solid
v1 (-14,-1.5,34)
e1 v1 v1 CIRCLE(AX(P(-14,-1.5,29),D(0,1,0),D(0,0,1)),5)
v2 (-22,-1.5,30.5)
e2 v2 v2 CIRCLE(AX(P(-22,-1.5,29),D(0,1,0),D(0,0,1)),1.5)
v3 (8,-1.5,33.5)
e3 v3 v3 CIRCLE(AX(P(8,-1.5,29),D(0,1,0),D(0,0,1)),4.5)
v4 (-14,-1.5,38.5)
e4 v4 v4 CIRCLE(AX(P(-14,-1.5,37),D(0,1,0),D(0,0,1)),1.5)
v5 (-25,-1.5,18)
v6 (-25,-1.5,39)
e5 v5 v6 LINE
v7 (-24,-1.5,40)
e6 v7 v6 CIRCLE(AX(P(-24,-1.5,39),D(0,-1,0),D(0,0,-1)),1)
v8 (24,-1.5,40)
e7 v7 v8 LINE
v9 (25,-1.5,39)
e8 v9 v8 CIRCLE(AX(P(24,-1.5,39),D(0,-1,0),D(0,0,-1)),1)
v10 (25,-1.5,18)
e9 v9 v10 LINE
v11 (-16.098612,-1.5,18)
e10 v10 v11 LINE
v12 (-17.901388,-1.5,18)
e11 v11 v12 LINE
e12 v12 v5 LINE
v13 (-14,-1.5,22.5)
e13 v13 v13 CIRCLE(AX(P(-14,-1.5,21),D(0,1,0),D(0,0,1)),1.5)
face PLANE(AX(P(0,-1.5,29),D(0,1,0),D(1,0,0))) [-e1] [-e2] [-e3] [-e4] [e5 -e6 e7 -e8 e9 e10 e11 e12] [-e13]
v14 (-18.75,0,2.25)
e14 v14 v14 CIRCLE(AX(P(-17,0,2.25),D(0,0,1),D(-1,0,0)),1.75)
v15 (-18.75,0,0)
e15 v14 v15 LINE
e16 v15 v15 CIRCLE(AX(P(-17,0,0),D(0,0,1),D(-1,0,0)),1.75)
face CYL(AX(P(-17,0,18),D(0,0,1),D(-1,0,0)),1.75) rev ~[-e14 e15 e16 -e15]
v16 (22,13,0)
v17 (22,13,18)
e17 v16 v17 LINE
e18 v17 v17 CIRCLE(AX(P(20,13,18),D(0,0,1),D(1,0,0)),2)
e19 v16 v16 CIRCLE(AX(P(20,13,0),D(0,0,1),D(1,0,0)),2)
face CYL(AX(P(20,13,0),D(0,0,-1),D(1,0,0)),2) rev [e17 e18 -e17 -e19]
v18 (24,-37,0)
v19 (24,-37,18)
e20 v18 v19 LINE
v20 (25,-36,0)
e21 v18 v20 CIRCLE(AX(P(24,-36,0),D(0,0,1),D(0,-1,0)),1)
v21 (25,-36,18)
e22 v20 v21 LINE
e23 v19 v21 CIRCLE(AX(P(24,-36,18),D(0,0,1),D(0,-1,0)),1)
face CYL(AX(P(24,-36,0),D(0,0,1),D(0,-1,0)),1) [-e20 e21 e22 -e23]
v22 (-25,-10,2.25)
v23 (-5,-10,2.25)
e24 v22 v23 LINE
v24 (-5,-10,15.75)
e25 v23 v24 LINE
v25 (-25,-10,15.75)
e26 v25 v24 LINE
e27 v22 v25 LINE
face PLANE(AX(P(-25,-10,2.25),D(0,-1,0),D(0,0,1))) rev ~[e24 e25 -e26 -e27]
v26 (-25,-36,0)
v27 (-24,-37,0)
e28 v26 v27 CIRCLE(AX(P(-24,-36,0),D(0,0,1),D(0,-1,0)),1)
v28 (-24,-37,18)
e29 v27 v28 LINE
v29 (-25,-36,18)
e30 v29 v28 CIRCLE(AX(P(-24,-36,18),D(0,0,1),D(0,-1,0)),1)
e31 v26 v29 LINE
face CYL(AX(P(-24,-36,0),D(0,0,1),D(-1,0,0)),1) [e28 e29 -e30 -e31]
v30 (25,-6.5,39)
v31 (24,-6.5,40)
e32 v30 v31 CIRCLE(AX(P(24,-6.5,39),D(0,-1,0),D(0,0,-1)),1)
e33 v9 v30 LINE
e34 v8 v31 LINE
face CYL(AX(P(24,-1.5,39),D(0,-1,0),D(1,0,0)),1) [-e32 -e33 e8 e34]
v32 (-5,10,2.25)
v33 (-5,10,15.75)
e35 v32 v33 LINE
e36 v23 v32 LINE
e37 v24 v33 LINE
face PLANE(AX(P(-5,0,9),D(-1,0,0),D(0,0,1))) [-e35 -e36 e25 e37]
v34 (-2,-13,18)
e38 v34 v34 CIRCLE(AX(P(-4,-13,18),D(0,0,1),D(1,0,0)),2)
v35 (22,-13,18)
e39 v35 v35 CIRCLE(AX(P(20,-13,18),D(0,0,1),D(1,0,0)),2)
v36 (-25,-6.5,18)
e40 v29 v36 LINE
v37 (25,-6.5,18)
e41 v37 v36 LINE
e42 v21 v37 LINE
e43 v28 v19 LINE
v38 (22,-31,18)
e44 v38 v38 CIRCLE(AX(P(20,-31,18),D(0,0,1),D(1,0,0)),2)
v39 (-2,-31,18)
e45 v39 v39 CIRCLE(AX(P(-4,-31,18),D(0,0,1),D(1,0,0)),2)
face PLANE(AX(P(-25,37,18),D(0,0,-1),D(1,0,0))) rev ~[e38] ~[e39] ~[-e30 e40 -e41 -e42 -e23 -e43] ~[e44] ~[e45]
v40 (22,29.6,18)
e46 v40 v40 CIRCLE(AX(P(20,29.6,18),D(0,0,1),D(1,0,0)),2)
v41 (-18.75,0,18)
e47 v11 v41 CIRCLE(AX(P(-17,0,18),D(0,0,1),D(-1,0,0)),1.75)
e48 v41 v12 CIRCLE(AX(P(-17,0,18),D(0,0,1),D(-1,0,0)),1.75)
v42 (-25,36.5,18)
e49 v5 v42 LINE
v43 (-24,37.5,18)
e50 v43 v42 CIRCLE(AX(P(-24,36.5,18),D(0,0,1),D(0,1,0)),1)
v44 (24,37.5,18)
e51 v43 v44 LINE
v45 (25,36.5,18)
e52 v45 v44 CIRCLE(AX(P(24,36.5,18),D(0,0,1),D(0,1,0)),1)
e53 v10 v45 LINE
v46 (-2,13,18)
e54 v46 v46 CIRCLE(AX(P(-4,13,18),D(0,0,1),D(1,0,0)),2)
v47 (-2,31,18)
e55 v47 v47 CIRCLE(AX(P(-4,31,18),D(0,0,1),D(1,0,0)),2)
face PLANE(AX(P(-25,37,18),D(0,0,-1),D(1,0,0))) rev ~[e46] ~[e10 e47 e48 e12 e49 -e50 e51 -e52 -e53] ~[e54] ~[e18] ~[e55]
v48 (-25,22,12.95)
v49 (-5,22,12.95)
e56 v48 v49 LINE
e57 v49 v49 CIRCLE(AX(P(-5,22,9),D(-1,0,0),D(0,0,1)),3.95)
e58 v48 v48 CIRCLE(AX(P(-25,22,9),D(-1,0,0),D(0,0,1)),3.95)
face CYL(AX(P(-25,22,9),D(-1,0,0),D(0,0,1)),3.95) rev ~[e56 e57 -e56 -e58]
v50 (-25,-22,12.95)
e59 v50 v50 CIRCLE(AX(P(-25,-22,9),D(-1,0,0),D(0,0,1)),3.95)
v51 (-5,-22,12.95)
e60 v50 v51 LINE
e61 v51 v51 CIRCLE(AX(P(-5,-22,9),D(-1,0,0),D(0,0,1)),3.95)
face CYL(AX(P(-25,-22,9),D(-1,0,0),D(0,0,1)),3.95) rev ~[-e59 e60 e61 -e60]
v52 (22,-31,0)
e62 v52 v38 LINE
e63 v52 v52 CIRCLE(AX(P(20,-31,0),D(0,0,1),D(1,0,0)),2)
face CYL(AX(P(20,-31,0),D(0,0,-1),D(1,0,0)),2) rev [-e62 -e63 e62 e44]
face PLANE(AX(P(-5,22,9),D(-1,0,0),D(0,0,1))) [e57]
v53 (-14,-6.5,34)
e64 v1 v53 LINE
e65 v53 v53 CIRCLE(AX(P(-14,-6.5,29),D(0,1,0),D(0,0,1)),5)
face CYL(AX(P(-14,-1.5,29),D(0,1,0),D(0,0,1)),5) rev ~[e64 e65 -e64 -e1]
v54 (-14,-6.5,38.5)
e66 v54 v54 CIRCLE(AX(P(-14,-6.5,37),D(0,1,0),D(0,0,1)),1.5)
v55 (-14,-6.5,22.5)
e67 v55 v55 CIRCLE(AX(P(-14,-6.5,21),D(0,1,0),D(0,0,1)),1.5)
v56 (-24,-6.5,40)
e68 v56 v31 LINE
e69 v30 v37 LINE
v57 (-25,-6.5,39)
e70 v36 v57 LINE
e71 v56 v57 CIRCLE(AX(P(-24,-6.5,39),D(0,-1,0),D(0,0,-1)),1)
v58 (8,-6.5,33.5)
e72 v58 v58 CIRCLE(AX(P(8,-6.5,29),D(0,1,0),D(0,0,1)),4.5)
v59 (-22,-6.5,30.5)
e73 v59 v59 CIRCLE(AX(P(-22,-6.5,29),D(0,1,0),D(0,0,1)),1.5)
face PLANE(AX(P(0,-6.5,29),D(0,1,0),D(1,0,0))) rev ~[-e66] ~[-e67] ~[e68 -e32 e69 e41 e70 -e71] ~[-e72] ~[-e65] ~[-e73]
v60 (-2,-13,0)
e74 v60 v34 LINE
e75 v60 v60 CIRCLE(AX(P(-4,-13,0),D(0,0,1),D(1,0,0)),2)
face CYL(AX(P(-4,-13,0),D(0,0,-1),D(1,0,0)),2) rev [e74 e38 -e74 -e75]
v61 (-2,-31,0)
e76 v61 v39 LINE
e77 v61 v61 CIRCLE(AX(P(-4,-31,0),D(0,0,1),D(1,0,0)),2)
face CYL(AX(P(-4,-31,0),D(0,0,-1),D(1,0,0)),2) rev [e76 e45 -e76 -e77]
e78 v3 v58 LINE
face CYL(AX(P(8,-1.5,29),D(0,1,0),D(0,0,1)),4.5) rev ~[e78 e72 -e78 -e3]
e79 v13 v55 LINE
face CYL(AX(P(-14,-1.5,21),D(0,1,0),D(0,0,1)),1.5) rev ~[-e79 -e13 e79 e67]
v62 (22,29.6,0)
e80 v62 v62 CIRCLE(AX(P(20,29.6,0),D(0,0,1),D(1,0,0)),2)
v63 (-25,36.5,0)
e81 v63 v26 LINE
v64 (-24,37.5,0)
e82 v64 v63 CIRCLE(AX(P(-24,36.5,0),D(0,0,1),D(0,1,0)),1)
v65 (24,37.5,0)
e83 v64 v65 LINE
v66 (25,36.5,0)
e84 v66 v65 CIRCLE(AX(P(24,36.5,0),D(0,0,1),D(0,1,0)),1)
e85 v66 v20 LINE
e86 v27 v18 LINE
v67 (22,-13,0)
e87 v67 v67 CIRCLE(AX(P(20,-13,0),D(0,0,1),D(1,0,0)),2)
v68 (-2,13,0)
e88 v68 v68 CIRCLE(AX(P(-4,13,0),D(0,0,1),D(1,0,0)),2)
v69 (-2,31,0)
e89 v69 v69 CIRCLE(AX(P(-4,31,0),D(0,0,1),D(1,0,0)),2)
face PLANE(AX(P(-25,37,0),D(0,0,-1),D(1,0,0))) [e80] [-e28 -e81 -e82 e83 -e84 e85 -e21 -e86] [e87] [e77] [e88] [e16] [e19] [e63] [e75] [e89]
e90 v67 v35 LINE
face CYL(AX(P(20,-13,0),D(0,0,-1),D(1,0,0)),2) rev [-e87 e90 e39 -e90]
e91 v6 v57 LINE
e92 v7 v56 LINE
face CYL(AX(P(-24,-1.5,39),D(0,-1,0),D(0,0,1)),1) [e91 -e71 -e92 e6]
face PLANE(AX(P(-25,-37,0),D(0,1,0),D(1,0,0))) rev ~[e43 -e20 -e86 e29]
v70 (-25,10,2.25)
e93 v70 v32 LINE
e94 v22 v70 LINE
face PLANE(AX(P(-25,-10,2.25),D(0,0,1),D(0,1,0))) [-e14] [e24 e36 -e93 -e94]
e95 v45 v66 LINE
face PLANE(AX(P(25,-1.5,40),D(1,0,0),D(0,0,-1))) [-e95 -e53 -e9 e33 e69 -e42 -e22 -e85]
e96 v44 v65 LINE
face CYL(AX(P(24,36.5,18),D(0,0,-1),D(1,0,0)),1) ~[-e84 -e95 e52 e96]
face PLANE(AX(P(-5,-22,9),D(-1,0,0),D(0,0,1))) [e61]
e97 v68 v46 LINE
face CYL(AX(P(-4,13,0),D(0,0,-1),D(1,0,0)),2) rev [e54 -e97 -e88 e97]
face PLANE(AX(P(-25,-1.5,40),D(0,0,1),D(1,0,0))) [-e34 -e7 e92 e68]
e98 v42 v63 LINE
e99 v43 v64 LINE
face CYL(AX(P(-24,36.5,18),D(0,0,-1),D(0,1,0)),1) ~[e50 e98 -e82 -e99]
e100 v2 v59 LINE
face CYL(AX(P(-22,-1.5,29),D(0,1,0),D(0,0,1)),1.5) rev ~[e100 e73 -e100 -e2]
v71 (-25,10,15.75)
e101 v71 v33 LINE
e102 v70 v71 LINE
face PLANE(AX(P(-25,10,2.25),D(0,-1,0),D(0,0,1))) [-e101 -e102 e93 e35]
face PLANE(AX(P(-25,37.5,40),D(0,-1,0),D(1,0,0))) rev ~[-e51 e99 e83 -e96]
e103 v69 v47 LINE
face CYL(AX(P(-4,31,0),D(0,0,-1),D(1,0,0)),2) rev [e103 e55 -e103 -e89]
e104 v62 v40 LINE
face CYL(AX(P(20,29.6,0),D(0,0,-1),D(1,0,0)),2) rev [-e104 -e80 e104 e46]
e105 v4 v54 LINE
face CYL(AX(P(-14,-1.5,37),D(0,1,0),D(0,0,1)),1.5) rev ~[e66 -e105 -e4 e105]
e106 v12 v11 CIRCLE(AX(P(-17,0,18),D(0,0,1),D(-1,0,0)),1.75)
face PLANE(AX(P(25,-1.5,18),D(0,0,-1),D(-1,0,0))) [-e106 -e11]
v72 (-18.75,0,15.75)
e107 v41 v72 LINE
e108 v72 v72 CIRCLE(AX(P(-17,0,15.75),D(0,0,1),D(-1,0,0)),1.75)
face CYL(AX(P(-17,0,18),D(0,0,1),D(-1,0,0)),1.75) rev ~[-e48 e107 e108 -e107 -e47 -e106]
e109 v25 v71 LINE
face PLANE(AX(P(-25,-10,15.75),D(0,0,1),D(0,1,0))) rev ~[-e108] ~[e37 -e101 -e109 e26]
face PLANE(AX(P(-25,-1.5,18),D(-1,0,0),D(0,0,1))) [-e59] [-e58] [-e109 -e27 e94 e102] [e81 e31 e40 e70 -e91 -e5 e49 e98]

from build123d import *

# Parameters (mm, degrees)
SKETCH1_W           = 50
SKETCH1_H           = 74
SKETCH1_R           = 2
BOSS_EXTRUDE1_DEPTH = 18
SKETCH5_W           = 50
SKETCH5_H           = 18
BOSS_EXTRUDE3_DEPTH = 5.5
SKETCH7_W           = 50
SKETCH7_H           = 5
BOSS_EXTRUDE5_DEPTH = 22
CUT_EXTRUDE1_REACH  = 94.441
SKETCH8_R           = 4.5
SKETCH8_R_2         = 5
SKETCH10_R          = 3.95
SKETCH10_W          = 13.5
SKETCH10_H          = 20
CUT_EXTRUDE2_DEPTH  = 20
CUT_EXTRUDE3_REACH  = 55.993
SKETCH11_R          = 1.75
FILLET2_R           = 1
BOSS_EXTRUDE6_START = -44
SKETCH12_R          = 5
SKETCH12_R_2        = 4.5
BOSS_EXTRUDE6_DEPTH = 5
CUT_EXTRUDE4_REACH  = 65.492
FILLET3_R           = 1
CUT_EXTRUDE5_REACH  = 63.205
SKETCH14_R          = 1.5


with BuildPart() as part:
    # Sketch1 → Boss-Extrude1 (new body)
    with BuildSketch(Plane.XY):
        Rectangle(SKETCH1_W, SKETCH1_H)
        with Locations((-4, 31)):
            Circle(SKETCH1_R, mode=Mode.SUBTRACT)
        with Locations((20, 29.6)):
            Circle(SKETCH1_R, mode=Mode.SUBTRACT)
        with Locations((20, 13)):
            Circle(SKETCH1_R, mode=Mode.SUBTRACT)
        with Locations((-4, 13)):
            Circle(SKETCH1_R, mode=Mode.SUBTRACT)
        with Locations((-4, -13)):
            Circle(SKETCH1_R, mode=Mode.SUBTRACT)
        with Locations((20, -13)):
            Circle(SKETCH1_R, mode=Mode.SUBTRACT)
        with Locations((20, -31)):
            Circle(SKETCH1_R, mode=Mode.SUBTRACT)
        with Locations((-4, -31)):
            Circle(SKETCH1_R, mode=Mode.SUBTRACT)
    extrude(amount=BOSS_EXTRUDE1_DEPTH)

    # Sketch5 → Boss-Extrude3 (add)
    with BuildSketch(Plane(origin=(0, 37, 0), x_dir=(1, 0, 0), z_dir=(0, 1, 0))):
        with Locations((0, -9)):
            Rectangle(SKETCH5_W, SKETCH5_H)
    extrude(amount=BOSS_EXTRUDE3_DEPTH)

    # Sketch7 → Boss-Extrude5 (add)
    with BuildSketch(Plane.XY.offset(18)):
        with Locations((0, 40)):
            Rectangle(SKETCH7_W, SKETCH7_H)
    extrude(amount=BOSS_EXTRUDE5_DEPTH)

    # Sketch8 → Cut-Extrude1 (cut, up to next)
    with BuildSketch(Plane(origin=(0, 42.5, 0), x_dir=(1, 0, 0), z_dir=(0, 1, 0)), mode=Mode.PRIVATE) as cut_extrude1_sk1:
        with Locations(Location((8, -29, 0), (0, 0, 270))):
            Circle(SKETCH8_R)
    cut_extrude1_tool1 = extrude(cut_extrude1_sk1.sketch, amount=-CUT_EXTRUDE1_REACH, mode=Mode.PRIVATE) & part.part
    # Sketch8 → Cut-Extrude1 (cut, up to next)
    with BuildSketch(Plane(origin=(0, 42.5, 0), x_dir=(1, 0, 0), z_dir=(0, 1, 0)), mode=Mode.PRIVATE) as cut_extrude1_sk2:
        with Locations(Location((-14, -29, 0), (0, 0, 270))):
            Circle(SKETCH8_R_2)
    cut_extrude1_tool2 = extrude(cut_extrude1_sk2.sketch, amount=-CUT_EXTRUDE1_REACH, mode=Mode.PRIVATE) & part.part
    add(cut_extrude1_tool1.solids().sort_by_distance((8, 42.5, 29))[0], mode=Mode.SUBTRACT)
    add(cut_extrude1_tool2.solids().sort_by_distance((-14, 42.5, 29))[0], mode=Mode.SUBTRACT)

    # Sketch10 → Cut-Extrude2 (cut)
    with BuildSketch(Plane.ZY.offset(25)):
        with Locations((9, 22)):
            Circle(SKETCH10_R)
        with Locations((9, -22)):
            Circle(SKETCH10_R)
        with Locations((9, 0)):
            Rectangle(SKETCH10_W, SKETCH10_H)
    extrude(amount=-CUT_EXTRUDE2_DEPTH, mode=Mode.SUBTRACT)

    # Cut-Extrude3: up to this face of the body (flat: up to its plane)
    cut_extrude3_end = Plane(part.part.faces().sort_by_distance((-0.207576241, 2.825895063, 0))[0])
    # Sketch11 → Cut-Extrude3 (cut, up to the picked face)
    with BuildSketch(Plane.XY.offset(18), mode=Mode.PRIVATE) as cut_extrude3_sk1:
        with Locations(Location((-17, 0, 0), (0, 0, 180))):
            Circle(SKETCH11_R)
    cut_extrude3_tool1 = split(extrude(cut_extrude3_sk1.sketch, amount=-CUT_EXTRUDE3_REACH, mode=Mode.PRIVATE), bisect_by=cut_extrude3_end, keep=Keep.BOTH, mode=Mode.PRIVATE)
    add(cut_extrude3_tool1.solids().sort_by(Axis((-17, 0, 18), (0, 0, -1)))[0], mode=Mode.SUBTRACT)

    # Fillet2
    fillet2_edges = [part.edges().sort_by_distance(p)[0] for p in [
        (25, 42.5, 20),
        (-25, 42.5, 20),
        (25, -37, 9),
        (-25, -37, 9),
    ]]
    fillet(fillet2_edges, radius=FILLET2_R)

    # Sketch12 → Boss-Extrude6 (add)
    with BuildSketch(Plane(origin=(0, 42.5, 0), x_dir=(1, 0, 0), z_dir=(0, 1, 0)).offset(BOSS_EXTRUDE6_START)):
        Polygon((24, -40), (25, -40), (25, -18), (-25, -18), (-25, -40), (-24, -40), align=None)
        with Locations(Location((-14, -29, 0), (0, 0, 270))):
            Circle(SKETCH12_R, mode=Mode.SUBTRACT)
        with Locations(Location((8, -29, 0), (0, 0, 270))):
            Circle(SKETCH12_R_2, mode=Mode.SUBTRACT)
    extrude(amount=-BOSS_EXTRUDE6_DEPTH)

    # Sketch13 → Cut-Extrude4 (cut, up to next)
    with BuildSketch(Plane.XY.offset(40), mode=Mode.PRIVATE) as cut_extrude4_sk1:
        with BuildLine():
            Line((25, 37.5), (25, 41.5))
            ThreePointArc((25, 41.5), (24.707106781, 42.207106781), (24, 42.5))
            Line((24, 42.5), (-24, 42.5))
            ThreePointArc((-24, 42.5), (-24.707106781, 42.207106781), (-25, 41.5))
            Line((-25, 41.5), (-25, 37.5))
            Line((-25, 37.5), (25, 37.5))
        make_face()
    cut_extrude4_tool1 = extrude(cut_extrude4_sk1.sketch, amount=-CUT_EXTRUDE4_REACH, mode=Mode.PRIVATE) & part.part
    add(cut_extrude4_tool1.solids().sort_by_distance((0, 39.996085, 40))[0], mode=Mode.SUBTRACT)

    # Fillet3
    fillet3_edges = [part.edges().sort_by_distance(p)[0] for p in [
        (25, -4, 40),
        (-25, -4, 40),
        (25, 37.5, 9),
        (-25, 37.5, 9),
    ]]
    fillet(fillet3_edges, radius=FILLET3_R)

    # Sketch14 → Cut-Extrude5 (cut, up to next)
    with BuildSketch(Plane(origin=(0, -1.5, 0), x_dir=(1, 0, 0), z_dir=(0, 1, 0)), mode=Mode.PRIVATE) as cut_extrude5_sk1:
        with Locations(Location((-14, -21, 0), (0, 0, 270))):
            Circle(SKETCH14_R)
    cut_extrude5_tool1 = extrude(cut_extrude5_sk1.sketch, amount=-CUT_EXTRUDE5_REACH, mode=Mode.PRIVATE) & part.part
    # Sketch14 → Cut-Extrude5 (cut, up to next)
    with BuildSketch(Plane(origin=(0, -1.5, 0), x_dir=(1, 0, 0), z_dir=(0, 1, 0)), mode=Mode.PRIVATE) as cut_extrude5_sk2:
        with Locations(Location((-22, -29, 0), (0, 0, 270))):
            Circle(SKETCH14_R)
    cut_extrude5_tool2 = extrude(cut_extrude5_sk2.sketch, amount=-CUT_EXTRUDE5_REACH, mode=Mode.PRIVATE) & part.part
    # Sketch14 → Cut-Extrude5 (cut, up to next)
    with BuildSketch(Plane(origin=(0, -1.5, 0), x_dir=(1, 0, 0), z_dir=(0, 1, 0)), mode=Mode.PRIVATE) as cut_extrude5_sk3:
        with Locations(Location((-14, -37, 0), (0, 0, 270))):
            Circle(SKETCH14_R)
    cut_extrude5_tool3 = extrude(cut_extrude5_sk3.sketch, amount=-CUT_EXTRUDE5_REACH, mode=Mode.PRIVATE) & part.part
    add(cut_extrude5_tool1.solids().sort_by_distance((-14, -1.5, 21))[0], mode=Mode.SUBTRACT)
    add(cut_extrude5_tool2.solids().sort_by_distance((-22, -1.5, 29))[0], mode=Mode.SUBTRACT)
    add(cut_extrude5_tool3.solids().sort_by_distance((-14, -1.5, 37))[0], mode=Mode.SUBTRACT)


solid = part.part
